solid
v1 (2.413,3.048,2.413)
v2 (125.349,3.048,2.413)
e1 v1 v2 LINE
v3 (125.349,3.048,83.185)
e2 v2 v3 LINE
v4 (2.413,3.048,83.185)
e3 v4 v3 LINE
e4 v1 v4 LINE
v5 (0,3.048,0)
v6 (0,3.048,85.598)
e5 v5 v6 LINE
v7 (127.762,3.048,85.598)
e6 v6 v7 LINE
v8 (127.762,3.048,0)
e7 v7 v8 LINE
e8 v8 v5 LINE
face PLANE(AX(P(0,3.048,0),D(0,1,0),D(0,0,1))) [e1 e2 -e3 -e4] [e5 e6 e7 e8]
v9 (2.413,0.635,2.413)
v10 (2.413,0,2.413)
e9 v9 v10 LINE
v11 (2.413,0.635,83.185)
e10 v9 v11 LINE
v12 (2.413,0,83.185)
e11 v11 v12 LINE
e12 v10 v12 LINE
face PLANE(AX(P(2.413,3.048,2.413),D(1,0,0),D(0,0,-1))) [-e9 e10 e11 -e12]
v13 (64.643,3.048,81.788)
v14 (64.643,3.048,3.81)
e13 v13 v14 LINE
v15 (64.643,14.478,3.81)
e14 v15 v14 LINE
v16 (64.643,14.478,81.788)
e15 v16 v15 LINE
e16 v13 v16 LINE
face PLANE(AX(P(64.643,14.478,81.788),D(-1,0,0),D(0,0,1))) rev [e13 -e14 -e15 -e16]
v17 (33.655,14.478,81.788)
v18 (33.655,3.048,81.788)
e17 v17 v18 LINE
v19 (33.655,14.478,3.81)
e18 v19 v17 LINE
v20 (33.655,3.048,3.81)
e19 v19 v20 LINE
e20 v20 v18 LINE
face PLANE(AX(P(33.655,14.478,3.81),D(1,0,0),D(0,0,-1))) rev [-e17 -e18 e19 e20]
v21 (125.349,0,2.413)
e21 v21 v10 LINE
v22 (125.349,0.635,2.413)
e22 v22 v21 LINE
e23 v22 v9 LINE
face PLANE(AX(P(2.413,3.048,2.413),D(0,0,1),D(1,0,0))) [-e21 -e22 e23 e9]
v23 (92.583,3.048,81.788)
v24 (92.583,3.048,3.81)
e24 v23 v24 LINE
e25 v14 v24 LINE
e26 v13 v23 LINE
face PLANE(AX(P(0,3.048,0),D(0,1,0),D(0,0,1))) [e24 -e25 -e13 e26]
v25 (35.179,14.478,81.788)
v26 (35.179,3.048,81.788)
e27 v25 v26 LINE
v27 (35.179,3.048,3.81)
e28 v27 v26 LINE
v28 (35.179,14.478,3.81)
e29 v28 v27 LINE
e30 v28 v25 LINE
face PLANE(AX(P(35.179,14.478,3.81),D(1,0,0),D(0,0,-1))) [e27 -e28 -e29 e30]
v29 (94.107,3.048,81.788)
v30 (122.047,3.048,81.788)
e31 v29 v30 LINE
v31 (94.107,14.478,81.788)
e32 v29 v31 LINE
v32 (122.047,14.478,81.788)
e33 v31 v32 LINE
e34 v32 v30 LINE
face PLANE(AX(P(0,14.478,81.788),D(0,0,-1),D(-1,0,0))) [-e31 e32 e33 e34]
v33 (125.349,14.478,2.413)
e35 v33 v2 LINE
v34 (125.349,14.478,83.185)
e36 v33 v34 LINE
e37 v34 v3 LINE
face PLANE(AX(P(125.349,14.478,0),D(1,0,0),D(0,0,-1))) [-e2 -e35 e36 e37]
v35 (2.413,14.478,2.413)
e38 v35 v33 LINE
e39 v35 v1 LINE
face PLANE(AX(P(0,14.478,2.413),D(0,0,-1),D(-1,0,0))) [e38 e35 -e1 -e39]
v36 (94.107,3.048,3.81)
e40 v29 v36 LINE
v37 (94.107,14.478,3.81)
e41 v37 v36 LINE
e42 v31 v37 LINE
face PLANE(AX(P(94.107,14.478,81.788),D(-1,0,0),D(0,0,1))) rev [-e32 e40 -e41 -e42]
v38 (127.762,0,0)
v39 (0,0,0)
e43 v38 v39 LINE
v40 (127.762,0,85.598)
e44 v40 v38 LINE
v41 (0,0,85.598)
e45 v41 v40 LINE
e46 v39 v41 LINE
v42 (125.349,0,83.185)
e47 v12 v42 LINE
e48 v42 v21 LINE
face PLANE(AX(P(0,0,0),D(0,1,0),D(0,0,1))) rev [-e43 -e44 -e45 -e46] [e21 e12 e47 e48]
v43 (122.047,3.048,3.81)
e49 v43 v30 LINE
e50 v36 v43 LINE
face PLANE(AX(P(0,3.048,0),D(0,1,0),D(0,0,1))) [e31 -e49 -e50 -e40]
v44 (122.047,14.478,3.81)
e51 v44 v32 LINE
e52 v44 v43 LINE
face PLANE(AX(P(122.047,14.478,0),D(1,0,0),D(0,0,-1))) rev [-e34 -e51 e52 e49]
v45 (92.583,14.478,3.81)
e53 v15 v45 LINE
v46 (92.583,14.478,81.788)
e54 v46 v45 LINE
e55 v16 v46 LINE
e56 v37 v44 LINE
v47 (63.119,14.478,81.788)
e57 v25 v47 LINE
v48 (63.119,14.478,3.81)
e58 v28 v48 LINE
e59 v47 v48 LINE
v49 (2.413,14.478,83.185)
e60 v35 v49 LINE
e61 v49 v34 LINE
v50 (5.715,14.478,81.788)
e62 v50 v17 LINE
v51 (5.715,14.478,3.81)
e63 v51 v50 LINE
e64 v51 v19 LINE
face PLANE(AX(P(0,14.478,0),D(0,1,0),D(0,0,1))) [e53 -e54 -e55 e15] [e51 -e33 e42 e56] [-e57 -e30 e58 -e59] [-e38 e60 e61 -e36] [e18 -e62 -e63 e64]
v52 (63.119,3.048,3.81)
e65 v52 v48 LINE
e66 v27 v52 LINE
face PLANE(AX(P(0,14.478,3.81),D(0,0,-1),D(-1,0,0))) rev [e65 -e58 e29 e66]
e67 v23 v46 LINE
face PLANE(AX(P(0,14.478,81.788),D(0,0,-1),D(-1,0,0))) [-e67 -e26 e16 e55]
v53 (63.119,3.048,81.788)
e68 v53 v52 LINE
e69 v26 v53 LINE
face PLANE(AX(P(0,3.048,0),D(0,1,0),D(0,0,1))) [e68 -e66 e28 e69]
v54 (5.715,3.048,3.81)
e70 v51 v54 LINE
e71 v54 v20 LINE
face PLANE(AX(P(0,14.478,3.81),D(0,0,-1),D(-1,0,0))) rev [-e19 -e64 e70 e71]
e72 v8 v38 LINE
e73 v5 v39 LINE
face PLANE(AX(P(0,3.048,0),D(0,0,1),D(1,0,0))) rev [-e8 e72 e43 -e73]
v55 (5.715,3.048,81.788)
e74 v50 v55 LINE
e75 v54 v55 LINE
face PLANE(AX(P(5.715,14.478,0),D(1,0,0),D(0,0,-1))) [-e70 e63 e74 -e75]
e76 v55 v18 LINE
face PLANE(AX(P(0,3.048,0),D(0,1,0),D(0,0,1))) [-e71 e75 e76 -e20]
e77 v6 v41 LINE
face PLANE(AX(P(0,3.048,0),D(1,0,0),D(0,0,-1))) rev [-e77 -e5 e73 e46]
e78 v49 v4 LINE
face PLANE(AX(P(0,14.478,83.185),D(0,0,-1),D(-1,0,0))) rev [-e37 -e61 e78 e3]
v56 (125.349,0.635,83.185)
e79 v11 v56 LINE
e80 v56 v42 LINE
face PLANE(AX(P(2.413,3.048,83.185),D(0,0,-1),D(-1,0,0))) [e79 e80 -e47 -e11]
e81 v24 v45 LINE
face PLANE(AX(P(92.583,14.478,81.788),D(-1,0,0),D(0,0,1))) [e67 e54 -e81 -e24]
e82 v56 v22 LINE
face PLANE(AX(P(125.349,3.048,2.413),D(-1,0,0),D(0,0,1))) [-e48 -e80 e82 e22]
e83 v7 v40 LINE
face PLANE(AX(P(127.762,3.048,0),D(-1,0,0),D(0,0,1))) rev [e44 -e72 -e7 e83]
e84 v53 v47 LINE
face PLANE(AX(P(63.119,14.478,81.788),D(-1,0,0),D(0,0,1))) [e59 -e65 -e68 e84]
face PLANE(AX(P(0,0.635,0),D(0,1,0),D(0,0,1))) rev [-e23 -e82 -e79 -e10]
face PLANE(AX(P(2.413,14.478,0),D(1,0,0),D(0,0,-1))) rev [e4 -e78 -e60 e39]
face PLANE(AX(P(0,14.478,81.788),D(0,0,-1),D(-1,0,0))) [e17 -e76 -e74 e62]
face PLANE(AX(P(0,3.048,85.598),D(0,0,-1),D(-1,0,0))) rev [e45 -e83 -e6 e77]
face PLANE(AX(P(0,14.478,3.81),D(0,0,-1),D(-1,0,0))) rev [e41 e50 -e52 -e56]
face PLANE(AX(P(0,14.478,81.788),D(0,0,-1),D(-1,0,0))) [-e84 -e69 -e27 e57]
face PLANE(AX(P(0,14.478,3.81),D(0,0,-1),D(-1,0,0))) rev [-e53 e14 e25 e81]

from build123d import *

# Parameters (mm, degrees)
SKETCH1_W           = 127.762
SKETCH1_H           = 85.598
SKETCH1_W_2         = 122.936
SKETCH1_H_2         = 80.772
BOSS_EXTRUDE1_DEPTH = 3.048
SKETCH2_W           = 122.936
SKETCH2_H           = 80.772
BOSS_EXTRUDE2_DEPTH = 2.413
SKETCH3_W           = 122.936
SKETCH3_H           = 80.772
SKETCH3_W_2         = 116.332
SKETCH3_H_2         = 77.978
SKETCH3_W_3         = 1.524
BOSS_EXTRUDE3_DEPTH = 11.43


with BuildPart() as part:
    # Sketch1 → Boss-Extrude1 (new body)
    with BuildSketch(Plane(origin=(0, 0, 0), x_dir=(1, 0, 0), z_dir=(0, 1, 0))):
        with Locations((63.881, -42.799)):
            Rectangle(SKETCH1_W, SKETCH1_H)
        with Locations((63.881, -42.799)):
            Rectangle(SKETCH1_W_2, SKETCH1_H_2, mode=Mode.SUBTRACT)
    extrude(amount=BOSS_EXTRUDE1_DEPTH)

    # Sketch2 → Boss-Extrude2 (add)
    with BuildSketch(Plane(origin=(0, 3.048, 0), x_dir=(1, 0, 0), z_dir=(0, 1, 0))):
        with Locations((63.881, -42.799)):
            Rectangle(SKETCH2_W, SKETCH2_H)
    extrude(amount=-BOSS_EXTRUDE2_DEPTH)

    # Sketch3 → Boss-Extrude3 (add)
    with BuildSketch(Plane(origin=(0, 3.048, 0), x_dir=(1, 0, 0), z_dir=(0, 1, 0))):
        with Locations((63.881, -42.799)):
            Rectangle(SKETCH3_W, SKETCH3_H)
        with Locations((63.881, -42.799)):
            Rectangle(SKETCH3_W_2, SKETCH3_H_2, mode=Mode.SUBTRACT)
        with Locations((34.417, -42.799)):
            Rectangle(SKETCH3_W_3, SKETCH3_H_2)
        with Locations((63.881, -42.799)):
            Rectangle(SKETCH3_W_3, SKETCH3_H_2)
        with Locations((93.345, -42.799)):
            Rectangle(SKETCH3_W_3, SKETCH3_H_2)
    extrude(amount=BOSS_EXTRUDE3_DEPTH)


solid = part.part
